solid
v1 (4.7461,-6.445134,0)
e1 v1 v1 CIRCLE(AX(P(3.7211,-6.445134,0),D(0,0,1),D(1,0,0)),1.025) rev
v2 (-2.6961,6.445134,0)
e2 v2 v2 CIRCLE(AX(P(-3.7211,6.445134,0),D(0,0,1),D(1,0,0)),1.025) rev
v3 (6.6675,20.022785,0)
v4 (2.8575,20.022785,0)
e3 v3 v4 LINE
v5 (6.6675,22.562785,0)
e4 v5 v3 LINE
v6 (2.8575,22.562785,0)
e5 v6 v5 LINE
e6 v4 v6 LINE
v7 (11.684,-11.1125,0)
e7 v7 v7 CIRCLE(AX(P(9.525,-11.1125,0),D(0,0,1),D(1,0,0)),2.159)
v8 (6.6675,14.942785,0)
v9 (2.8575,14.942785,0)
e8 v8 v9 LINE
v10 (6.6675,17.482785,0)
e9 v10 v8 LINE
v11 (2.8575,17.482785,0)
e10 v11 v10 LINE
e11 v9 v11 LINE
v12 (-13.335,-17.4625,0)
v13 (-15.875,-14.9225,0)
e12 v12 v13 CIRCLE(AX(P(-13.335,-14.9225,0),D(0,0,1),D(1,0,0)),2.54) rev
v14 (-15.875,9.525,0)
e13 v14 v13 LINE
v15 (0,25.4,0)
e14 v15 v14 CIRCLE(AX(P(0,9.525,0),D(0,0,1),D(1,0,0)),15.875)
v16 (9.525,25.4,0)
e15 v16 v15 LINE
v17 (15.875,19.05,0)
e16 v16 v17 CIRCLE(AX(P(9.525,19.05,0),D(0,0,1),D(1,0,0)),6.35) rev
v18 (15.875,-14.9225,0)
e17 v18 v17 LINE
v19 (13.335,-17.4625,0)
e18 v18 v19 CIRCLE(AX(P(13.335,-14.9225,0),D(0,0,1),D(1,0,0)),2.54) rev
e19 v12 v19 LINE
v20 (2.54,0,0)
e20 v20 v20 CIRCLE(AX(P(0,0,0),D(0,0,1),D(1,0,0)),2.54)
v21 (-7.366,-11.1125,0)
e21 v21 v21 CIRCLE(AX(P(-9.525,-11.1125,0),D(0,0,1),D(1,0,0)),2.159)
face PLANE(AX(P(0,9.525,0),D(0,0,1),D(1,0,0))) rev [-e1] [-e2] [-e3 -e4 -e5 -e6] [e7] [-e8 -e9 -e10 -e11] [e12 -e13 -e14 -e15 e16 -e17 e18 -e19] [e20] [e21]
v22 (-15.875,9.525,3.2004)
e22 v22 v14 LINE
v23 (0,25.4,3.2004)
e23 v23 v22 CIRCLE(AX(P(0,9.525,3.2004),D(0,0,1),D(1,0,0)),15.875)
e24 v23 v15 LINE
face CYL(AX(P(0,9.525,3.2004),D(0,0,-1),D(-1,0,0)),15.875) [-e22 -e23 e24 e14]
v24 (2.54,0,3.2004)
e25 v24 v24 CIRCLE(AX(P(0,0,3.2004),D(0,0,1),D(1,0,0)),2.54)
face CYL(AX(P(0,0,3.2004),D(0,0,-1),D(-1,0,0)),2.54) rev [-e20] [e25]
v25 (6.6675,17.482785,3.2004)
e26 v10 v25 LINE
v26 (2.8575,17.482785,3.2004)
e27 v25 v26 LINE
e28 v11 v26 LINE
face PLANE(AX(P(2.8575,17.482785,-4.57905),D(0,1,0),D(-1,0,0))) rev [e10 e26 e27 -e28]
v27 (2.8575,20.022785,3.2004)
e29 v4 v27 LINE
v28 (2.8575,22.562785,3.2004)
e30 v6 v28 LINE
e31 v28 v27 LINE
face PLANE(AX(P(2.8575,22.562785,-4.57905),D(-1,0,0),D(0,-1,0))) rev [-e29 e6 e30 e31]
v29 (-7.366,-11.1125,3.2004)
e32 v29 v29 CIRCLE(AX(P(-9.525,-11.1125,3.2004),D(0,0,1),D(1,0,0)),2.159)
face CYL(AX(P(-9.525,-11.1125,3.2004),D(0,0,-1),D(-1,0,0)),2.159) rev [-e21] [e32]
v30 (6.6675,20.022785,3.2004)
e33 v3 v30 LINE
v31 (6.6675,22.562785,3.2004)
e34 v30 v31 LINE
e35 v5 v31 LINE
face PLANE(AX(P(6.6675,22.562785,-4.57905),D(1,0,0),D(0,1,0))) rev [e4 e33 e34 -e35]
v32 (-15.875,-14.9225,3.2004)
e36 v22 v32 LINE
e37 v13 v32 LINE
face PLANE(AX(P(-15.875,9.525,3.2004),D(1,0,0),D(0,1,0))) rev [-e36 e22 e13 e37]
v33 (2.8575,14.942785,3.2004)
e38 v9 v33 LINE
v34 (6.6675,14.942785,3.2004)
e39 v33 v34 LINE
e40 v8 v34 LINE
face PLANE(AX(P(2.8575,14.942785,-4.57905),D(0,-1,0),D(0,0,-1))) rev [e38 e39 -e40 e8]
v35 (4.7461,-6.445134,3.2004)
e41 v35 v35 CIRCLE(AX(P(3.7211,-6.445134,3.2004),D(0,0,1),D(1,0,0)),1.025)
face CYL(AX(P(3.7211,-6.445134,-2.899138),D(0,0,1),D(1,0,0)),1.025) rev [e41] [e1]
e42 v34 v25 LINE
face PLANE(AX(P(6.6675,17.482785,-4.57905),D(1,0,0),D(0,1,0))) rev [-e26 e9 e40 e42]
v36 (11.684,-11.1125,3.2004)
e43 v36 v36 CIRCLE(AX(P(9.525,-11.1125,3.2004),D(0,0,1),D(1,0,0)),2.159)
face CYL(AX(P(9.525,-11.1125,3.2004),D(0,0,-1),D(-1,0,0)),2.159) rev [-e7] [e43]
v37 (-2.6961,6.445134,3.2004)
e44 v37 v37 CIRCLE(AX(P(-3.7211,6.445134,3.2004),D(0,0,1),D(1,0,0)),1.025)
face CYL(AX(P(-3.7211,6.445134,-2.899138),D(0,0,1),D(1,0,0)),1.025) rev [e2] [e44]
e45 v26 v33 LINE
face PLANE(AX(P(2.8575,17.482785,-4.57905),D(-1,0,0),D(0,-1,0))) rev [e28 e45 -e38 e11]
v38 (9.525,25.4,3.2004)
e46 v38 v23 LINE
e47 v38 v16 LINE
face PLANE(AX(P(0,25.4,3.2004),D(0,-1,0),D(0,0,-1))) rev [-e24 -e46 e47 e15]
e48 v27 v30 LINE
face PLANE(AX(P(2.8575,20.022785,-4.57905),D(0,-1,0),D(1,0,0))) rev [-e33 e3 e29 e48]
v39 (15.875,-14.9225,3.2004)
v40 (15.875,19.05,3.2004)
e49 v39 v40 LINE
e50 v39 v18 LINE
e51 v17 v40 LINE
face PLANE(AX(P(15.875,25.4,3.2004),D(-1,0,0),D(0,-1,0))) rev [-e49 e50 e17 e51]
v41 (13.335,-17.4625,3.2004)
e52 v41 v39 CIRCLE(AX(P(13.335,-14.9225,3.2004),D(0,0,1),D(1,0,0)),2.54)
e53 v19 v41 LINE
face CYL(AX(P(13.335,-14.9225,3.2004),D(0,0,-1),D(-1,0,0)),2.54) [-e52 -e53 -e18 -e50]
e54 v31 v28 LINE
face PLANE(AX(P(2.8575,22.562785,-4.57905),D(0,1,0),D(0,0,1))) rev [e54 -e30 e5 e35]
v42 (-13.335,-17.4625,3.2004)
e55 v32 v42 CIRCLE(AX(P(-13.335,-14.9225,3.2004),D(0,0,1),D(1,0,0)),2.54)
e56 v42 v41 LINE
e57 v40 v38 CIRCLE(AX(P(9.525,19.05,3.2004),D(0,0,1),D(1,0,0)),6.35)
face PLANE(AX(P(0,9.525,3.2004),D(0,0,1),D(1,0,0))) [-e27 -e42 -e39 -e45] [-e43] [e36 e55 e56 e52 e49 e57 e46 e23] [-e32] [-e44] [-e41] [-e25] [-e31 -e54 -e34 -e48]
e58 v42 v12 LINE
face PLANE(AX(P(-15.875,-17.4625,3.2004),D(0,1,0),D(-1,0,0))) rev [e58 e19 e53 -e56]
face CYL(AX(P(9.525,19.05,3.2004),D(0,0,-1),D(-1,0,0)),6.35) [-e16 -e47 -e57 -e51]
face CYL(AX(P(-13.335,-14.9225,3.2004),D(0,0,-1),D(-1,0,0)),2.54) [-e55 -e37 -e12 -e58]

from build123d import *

# Parameters (mm, degrees)
SKETCH1_R           = 2.54
SKETCH1_R_2         = 2.159
BOSS_EXTRUDE1_DEPTH = 3.2004
FILLET1_R           = 6.35
FILLET2_R           = 2.54
SKETCH2_R           = 1.025
CUT_EXTRUDE1_DEPTH  = 3.2004
SKETCH3_W           = 3.81
SKETCH3_H           = 2.54
CUT_EXTRUDE2_DEPTH  = 3.2004


with BuildPart() as part:
    # Sketch1 → Boss-Extrude1 (new body)
    with BuildSketch(Plane.XY):
        with BuildLine():
            Line((15.875, 25.4), (15.875, 9.525))
            Line((15.875, 9.525), (15.875, -17.4625))
            Line((15.875, -17.4625), (-15.875, -17.4625))
            Line((-15.875, -17.4625), (-15.875, 9.525))
            ThreePointArc((-15.875, 9.525), (-11.225320151, 20.750320151), (0, 25.4))
            Line((0, 25.4), (15.875, 25.4))
        make_face()
        Circle(SKETCH1_R, mode=Mode.SUBTRACT)
        with Locations((-9.525, -11.1125)):
            Circle(SKETCH1_R_2, mode=Mode.SUBTRACT)
        with Locations((9.525, -11.1125)):
            Circle(SKETCH1_R_2, mode=Mode.SUBTRACT)
    extrude(amount=BOSS_EXTRUDE1_DEPTH)

    # Fillet1
    fillet1_edges = [part.edges().sort_by_distance(p)[0] for p in [
        (15.875, 25.4, 1.6002),
    ]]
    fillet(fillet1_edges, radius=FILLET1_R)

    # Fillet2
    fillet2_edges = [part.edges().sort_by_distance(p)[0] for p in [
        (15.875, -17.4625, 1.6002),
        (-15.875, -17.4625, 1.6002),
    ]]
    fillet(fillet2_edges, radius=FILLET2_R)

    # Sketch2 → Cut-Extrude1 (cut)
    with BuildSketch(Plane.XY.offset(3.2004)):
        with Locations((-3.7211, 6.44513426)):
            Circle(SKETCH2_R)
        with Locations((3.7211, -6.44513426)):
            Circle(SKETCH2_R)
    extrude(amount=-CUT_EXTRUDE1_DEPTH, mode=Mode.SUBTRACT)

    # Sketch3 → Cut-Extrude2 (cut)
    with BuildSketch(Plane.XY.offset(3.2004)):
        with Locations((4.7625, 21.292785454)):
            Rectangle(SKETCH3_W, SKETCH3_H)
        with Locations((4.7625, 16.212785454)):
            Rectangle(SKETCH3_W, SKETCH3_H)
    extrude(amount=-CUT_EXTRUDE2_DEPTH, mode=Mode.SUBTRACT)


solid = part.part
